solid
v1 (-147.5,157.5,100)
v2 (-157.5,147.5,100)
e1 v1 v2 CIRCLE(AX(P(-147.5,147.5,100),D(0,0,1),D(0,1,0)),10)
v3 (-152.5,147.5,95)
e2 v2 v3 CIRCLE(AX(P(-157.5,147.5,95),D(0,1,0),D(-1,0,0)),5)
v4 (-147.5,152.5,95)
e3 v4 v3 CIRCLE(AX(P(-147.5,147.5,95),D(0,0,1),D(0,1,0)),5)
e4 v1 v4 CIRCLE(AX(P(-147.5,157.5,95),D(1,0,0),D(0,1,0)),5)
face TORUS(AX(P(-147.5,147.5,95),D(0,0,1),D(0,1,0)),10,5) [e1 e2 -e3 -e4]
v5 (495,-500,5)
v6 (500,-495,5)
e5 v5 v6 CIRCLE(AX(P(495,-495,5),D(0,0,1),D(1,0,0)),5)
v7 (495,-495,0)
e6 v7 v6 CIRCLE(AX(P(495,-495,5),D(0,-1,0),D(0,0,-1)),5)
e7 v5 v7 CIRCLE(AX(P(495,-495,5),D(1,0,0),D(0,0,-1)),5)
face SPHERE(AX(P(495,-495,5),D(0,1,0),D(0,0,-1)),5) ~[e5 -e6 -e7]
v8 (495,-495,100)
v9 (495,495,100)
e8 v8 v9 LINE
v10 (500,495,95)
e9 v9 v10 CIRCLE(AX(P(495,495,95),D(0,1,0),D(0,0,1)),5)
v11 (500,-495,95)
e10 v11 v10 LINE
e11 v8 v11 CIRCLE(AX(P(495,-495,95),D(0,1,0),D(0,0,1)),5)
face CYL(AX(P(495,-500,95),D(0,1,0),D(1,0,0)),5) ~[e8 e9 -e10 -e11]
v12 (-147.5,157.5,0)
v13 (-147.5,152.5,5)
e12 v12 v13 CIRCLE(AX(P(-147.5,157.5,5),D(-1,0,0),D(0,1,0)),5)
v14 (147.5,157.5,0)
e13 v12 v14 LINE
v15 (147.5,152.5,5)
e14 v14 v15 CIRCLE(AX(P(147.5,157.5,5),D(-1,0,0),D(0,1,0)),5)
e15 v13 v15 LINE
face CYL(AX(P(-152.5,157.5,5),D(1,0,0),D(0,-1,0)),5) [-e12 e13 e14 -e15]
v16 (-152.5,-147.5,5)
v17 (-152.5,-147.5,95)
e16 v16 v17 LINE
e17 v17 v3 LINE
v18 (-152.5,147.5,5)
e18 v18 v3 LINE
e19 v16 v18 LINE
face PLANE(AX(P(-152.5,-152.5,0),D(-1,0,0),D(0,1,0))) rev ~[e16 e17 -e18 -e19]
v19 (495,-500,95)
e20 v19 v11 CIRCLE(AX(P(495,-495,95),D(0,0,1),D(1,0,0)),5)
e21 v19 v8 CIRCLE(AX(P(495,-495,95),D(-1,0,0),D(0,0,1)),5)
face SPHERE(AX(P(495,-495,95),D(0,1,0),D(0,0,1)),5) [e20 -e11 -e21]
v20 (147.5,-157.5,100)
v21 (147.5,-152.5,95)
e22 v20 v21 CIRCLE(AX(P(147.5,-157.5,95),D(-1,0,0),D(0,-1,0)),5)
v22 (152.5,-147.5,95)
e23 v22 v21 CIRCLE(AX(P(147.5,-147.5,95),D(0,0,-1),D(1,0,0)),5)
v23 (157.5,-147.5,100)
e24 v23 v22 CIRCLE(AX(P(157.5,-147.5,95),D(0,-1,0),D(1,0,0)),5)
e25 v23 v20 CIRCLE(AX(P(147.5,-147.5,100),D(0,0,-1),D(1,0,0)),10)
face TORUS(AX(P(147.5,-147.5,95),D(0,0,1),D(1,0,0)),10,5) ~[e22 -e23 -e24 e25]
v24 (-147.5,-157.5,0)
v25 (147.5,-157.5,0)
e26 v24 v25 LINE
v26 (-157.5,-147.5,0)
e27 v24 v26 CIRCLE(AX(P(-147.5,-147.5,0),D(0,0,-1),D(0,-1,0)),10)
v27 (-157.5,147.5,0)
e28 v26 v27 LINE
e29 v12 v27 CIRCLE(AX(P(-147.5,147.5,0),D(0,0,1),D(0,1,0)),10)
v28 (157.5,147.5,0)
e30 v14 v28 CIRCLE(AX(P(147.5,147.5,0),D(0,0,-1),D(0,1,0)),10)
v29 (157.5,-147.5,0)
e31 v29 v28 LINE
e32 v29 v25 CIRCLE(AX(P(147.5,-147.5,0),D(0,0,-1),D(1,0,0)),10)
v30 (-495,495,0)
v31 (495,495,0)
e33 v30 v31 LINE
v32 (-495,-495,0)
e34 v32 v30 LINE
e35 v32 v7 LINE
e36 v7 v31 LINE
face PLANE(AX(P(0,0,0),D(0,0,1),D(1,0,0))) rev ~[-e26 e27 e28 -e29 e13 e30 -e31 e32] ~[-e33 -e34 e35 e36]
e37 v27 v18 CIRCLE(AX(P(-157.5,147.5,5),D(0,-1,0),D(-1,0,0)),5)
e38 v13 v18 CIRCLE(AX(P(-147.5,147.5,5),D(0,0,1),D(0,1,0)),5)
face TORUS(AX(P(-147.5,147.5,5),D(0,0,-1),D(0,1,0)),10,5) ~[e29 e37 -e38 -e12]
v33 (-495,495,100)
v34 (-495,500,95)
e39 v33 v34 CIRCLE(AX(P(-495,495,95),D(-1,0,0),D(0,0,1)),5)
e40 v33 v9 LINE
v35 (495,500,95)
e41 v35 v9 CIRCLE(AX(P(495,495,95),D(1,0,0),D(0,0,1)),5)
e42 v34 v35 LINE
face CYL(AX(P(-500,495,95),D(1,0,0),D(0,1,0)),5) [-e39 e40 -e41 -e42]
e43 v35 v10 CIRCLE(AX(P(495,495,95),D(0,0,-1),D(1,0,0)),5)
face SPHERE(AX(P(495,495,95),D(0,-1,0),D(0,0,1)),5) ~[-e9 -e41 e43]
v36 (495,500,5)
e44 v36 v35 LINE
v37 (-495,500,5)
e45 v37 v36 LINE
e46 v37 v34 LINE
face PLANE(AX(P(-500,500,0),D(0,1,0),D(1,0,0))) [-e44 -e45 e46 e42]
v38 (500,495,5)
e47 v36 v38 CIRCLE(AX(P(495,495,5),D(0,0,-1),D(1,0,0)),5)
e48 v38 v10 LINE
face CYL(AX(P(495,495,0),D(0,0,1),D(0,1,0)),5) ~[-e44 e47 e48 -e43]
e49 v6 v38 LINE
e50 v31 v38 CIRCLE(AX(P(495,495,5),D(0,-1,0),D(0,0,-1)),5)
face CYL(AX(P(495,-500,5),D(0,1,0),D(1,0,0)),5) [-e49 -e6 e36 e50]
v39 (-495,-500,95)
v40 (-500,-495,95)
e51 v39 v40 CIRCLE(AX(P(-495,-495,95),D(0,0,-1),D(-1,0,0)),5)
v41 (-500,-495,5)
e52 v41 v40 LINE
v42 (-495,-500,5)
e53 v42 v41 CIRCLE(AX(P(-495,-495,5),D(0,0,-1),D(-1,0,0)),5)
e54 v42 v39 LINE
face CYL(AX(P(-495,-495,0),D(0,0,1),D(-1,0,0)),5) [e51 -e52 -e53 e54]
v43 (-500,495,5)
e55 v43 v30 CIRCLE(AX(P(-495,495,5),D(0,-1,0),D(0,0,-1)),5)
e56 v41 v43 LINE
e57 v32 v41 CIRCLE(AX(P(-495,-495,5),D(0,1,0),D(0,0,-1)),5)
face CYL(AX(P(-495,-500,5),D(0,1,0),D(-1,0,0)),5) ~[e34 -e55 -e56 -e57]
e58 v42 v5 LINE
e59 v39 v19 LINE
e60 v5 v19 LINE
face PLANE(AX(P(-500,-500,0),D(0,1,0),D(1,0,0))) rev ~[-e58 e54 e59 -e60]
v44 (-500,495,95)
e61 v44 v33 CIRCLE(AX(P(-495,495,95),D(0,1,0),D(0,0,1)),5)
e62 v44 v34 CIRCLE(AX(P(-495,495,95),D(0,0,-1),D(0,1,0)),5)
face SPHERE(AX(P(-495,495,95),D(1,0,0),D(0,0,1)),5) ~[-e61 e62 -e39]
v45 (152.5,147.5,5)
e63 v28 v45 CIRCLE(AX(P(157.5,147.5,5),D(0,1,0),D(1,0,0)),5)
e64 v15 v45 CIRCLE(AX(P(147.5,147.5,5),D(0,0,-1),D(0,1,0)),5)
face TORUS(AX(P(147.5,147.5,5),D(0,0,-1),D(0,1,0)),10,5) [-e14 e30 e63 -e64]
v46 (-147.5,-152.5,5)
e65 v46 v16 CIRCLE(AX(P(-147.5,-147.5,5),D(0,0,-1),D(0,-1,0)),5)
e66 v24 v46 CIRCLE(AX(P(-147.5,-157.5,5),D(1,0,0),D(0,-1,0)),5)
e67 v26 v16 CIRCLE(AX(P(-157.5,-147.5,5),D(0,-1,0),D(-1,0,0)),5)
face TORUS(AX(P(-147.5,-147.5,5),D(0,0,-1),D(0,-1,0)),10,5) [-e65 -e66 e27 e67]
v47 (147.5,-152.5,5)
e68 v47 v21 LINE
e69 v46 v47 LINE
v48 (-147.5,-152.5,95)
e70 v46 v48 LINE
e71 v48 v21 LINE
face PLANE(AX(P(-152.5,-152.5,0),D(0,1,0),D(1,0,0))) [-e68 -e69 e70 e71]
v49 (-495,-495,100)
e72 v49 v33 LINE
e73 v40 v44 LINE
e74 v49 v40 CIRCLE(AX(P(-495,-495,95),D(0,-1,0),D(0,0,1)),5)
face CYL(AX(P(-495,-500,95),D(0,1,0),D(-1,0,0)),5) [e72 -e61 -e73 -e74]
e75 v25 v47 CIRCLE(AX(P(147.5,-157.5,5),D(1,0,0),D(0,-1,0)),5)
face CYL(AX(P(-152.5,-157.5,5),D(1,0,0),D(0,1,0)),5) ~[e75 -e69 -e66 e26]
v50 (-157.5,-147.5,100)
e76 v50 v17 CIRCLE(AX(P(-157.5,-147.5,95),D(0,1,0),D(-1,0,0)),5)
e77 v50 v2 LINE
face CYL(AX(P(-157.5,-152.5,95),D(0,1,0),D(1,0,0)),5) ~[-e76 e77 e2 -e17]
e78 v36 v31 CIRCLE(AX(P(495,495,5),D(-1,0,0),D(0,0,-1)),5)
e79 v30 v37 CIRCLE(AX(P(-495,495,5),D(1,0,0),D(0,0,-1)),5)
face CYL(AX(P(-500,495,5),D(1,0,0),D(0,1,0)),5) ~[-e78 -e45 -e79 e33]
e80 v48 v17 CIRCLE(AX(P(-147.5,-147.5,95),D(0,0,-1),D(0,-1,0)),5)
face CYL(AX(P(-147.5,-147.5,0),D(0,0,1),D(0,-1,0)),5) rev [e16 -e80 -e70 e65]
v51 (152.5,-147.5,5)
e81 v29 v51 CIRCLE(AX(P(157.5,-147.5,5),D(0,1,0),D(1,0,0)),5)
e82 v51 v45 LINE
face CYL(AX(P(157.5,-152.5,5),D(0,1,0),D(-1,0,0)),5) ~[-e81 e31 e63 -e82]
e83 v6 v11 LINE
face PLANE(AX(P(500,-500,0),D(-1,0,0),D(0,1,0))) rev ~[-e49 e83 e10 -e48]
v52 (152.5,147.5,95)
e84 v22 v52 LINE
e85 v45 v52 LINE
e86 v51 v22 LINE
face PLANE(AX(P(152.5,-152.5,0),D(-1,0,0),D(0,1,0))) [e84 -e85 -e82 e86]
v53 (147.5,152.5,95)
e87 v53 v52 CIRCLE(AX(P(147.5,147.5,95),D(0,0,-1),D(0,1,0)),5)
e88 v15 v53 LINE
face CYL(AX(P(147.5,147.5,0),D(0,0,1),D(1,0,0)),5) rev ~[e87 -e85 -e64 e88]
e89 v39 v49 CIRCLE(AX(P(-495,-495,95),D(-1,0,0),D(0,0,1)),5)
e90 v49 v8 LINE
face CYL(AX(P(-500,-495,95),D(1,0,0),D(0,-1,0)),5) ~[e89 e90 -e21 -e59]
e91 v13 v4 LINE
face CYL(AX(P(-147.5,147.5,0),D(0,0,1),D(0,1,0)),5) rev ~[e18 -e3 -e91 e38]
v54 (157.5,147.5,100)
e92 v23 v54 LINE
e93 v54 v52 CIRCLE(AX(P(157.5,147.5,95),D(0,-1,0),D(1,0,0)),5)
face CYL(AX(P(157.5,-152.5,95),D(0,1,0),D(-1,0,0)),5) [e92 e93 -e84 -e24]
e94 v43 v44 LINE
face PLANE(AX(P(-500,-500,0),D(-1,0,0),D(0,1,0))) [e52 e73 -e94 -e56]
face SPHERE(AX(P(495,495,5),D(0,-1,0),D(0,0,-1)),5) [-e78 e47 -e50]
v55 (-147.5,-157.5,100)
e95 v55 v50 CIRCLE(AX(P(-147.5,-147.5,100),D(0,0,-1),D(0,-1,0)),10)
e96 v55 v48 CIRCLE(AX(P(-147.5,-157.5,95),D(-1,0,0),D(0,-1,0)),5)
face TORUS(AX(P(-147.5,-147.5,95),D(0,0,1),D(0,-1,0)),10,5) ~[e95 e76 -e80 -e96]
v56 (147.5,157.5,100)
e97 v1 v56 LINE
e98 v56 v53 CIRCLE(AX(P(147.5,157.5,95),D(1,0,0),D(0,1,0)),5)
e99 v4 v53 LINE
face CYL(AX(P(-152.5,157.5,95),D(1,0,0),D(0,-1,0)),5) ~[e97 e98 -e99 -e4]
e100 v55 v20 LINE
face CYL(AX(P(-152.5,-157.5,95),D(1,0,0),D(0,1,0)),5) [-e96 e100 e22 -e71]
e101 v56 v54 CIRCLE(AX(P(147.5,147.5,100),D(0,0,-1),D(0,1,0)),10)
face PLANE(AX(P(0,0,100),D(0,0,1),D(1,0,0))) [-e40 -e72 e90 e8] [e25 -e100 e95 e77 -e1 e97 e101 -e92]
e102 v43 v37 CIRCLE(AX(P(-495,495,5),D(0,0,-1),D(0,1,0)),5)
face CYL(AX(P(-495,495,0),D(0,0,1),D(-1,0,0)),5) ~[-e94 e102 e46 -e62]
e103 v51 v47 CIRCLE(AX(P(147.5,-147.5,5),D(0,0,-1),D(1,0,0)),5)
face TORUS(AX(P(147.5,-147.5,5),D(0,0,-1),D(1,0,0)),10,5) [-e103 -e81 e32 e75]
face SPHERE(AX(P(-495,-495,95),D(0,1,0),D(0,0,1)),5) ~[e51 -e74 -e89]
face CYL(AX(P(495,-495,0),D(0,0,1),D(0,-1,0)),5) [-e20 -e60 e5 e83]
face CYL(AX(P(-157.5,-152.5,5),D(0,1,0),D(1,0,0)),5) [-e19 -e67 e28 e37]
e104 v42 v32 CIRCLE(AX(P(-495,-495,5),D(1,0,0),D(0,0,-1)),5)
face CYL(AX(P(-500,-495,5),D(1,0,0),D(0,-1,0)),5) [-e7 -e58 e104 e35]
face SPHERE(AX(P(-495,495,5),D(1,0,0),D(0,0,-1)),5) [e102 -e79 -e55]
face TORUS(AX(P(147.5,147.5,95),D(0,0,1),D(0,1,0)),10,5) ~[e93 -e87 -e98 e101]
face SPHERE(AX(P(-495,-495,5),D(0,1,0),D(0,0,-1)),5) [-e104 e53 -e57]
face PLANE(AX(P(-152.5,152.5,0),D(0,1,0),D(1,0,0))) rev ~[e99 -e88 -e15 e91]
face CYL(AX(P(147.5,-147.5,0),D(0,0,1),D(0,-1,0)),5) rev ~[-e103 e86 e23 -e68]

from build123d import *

# Parameters (mm, degrees)
F0_W     = 1000
F0_H     = 1000
F0_W_2   = 305
F0_H_2   = 305
F1_DEPTH = 100
F2_R     = 5


with BuildPart() as f1:
    # F0 (on Top) → F1 (new body)
    with BuildSketch(Plane.XY):
        Rectangle(F0_W, F0_H)
        Rectangle(F0_W_2, F0_H_2, mode=Mode.SUBTRACT)
    extrude(amount=F1_DEPTH)

    # F2
    f2_edges = [f1.edges().sort_by_distance(p)[0] for p in [
        (500, 0, 100),
        (0, 500, 100),
        (-500, 0, 100),
        (0, -500, 100),
        (0, 152.5, 100),
        (152.5, 0, 100),
        (0, -152.5, 100),
        (-152.5, 0, 100),
        (500, 0, 0),
        (0, 500, 0),
        (-500, 0, 0),
        (0, -500, 0),
        (0, 152.5, 0),
        (152.5, 0, 0),
        (0, -152.5, 0),
        (-152.5, 0, 0),
        (-152.5, 152.5, 50),
        (152.5, 152.5, 50),
        (152.5, -152.5, 50),
        (-152.5, -152.5, 50),
        (500, 500, 50),
        (-500, 500, 50),
        (-500, -500, 50),
        (500, -500, 50),
    ]]
    fillet(f2_edges, radius=F2_R)


solid = f1.part
